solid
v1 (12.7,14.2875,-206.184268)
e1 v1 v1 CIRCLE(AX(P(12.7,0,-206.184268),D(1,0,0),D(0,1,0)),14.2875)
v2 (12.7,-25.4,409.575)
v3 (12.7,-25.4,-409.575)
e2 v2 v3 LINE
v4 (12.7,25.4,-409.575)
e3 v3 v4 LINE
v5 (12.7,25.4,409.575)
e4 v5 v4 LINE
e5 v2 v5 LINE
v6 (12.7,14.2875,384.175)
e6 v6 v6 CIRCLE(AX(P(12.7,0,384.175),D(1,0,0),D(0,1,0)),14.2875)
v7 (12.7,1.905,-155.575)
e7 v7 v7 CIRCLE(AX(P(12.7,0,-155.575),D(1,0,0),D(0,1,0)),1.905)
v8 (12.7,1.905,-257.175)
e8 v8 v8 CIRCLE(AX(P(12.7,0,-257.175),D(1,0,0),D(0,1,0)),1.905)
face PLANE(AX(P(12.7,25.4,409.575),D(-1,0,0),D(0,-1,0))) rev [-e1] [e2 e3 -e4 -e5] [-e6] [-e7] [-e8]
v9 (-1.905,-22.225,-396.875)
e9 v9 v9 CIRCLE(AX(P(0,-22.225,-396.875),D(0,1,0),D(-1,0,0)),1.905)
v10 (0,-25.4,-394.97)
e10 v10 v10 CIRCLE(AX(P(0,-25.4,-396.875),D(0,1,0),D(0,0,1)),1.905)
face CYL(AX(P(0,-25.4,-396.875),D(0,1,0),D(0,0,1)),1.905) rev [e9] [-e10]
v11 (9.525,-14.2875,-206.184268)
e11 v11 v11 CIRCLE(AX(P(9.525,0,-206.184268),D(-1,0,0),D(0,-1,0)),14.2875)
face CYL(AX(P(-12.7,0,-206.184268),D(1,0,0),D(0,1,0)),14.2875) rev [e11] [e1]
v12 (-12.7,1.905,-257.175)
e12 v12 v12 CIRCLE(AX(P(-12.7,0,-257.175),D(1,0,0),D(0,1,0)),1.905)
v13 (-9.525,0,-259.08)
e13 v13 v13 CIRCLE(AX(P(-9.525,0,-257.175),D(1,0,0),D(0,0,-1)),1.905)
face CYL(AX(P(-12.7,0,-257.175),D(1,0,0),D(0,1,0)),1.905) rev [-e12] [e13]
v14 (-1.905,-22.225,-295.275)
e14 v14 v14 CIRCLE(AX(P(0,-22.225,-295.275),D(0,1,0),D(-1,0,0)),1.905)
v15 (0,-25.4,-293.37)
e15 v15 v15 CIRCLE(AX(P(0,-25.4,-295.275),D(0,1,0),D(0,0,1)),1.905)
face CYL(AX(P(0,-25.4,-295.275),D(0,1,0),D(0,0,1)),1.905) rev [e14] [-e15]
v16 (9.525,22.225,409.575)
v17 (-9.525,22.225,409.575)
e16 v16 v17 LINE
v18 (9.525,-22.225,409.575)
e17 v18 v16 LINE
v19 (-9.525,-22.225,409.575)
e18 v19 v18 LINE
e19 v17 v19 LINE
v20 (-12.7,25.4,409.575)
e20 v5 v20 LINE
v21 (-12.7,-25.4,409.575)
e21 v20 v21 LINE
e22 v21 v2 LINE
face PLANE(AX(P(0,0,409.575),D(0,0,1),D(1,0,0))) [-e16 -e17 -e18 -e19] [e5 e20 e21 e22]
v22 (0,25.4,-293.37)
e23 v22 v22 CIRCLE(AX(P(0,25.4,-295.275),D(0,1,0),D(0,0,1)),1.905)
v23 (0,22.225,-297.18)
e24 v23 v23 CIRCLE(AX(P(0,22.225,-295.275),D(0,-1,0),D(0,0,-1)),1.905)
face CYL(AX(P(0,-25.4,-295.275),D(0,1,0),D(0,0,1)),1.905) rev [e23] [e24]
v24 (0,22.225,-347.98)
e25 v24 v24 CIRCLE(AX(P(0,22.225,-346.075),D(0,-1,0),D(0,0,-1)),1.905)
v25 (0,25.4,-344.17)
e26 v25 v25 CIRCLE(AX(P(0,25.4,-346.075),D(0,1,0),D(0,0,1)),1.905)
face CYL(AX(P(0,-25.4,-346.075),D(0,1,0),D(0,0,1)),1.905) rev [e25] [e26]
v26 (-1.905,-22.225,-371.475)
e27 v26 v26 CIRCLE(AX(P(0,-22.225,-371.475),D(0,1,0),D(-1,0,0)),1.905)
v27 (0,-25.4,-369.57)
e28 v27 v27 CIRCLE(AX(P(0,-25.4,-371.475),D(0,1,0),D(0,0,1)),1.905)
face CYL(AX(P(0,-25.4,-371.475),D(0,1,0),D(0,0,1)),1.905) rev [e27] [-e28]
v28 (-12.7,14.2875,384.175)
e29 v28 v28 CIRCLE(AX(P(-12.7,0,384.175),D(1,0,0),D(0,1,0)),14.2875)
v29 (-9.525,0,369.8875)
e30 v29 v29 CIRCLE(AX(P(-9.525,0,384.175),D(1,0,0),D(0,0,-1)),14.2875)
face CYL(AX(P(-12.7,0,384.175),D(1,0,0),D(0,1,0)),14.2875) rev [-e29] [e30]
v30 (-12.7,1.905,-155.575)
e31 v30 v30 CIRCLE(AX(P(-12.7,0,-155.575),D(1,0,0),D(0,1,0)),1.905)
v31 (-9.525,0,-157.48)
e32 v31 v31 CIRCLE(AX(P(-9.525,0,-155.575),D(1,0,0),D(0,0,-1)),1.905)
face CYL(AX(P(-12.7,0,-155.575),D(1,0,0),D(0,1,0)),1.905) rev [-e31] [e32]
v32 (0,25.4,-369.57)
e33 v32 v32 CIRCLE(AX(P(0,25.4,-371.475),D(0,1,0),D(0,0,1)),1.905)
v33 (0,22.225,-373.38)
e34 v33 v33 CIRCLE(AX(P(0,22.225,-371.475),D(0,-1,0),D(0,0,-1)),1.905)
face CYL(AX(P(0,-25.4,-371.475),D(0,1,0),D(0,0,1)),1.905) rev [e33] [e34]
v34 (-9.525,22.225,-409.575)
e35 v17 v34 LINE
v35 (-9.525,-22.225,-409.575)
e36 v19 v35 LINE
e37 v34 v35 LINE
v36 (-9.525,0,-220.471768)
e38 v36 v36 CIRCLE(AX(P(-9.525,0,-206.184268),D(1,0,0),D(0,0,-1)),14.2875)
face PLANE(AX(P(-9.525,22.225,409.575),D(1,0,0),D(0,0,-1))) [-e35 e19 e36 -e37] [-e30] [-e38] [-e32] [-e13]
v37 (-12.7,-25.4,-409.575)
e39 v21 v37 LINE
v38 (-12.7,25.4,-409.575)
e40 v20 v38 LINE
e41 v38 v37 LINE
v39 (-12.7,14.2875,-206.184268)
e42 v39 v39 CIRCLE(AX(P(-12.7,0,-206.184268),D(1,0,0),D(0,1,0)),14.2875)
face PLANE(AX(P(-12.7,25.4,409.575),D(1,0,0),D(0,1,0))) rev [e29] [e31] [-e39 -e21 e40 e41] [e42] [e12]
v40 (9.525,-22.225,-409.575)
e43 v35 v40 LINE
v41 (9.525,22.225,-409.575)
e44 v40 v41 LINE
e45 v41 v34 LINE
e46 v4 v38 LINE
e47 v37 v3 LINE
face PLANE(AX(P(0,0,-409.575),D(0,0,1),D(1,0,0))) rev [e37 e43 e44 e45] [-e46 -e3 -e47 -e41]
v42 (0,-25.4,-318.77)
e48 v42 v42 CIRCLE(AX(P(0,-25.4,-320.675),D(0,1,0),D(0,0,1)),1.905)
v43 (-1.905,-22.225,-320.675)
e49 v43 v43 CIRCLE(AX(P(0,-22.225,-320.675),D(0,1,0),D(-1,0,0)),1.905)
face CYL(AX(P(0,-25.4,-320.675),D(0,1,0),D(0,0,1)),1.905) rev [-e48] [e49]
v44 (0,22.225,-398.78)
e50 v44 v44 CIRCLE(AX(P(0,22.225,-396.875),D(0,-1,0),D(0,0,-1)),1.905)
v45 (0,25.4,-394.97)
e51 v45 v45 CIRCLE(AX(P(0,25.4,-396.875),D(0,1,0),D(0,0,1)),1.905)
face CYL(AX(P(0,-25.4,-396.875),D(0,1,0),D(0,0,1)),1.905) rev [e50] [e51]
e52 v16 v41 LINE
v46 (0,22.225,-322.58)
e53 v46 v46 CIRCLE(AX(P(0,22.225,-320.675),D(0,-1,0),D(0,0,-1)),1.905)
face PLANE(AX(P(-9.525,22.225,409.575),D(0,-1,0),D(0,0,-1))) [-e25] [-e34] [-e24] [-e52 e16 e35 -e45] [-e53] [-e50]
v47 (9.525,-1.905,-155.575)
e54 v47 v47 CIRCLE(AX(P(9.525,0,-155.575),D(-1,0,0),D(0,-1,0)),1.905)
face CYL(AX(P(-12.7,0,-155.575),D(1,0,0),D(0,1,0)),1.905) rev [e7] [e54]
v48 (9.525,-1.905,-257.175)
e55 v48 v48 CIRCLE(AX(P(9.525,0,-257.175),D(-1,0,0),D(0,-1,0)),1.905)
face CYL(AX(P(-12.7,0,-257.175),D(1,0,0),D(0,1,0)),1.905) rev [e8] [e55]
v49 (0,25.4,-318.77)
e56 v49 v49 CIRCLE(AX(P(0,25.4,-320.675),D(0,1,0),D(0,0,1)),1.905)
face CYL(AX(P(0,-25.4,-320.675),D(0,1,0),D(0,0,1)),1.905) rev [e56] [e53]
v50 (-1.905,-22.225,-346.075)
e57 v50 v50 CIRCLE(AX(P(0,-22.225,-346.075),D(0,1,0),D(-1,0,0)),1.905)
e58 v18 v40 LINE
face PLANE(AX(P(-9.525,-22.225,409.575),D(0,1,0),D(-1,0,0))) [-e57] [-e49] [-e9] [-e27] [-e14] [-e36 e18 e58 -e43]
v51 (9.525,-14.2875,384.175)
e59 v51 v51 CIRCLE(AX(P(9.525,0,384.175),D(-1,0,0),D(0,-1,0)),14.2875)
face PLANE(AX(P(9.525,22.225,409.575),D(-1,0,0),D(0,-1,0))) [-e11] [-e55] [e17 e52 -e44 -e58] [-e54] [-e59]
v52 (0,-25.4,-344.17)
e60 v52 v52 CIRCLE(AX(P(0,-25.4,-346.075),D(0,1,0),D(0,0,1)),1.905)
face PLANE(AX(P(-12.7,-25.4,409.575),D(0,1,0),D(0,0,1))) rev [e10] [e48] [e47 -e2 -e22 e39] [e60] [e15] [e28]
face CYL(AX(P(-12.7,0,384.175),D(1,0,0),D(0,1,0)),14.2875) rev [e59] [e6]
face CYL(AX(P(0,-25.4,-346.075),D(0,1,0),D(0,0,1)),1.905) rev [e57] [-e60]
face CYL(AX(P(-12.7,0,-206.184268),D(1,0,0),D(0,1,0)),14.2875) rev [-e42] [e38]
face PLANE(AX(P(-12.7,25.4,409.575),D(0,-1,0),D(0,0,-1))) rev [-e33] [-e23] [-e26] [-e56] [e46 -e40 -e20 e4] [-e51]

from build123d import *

# Parameters (mm, degrees)
SKETCH1_W           = 25.4
SKETCH1_H           = 50.8
SKETCH1_W_2         = 19.05
SKETCH1_H_2         = 44.45
BOSS_EXTRUDE1_DEPTH = 409.575
SKETCH7_R           = 1.905
CUT_EXTRUDE1_DEPTH  = 413.908719483
SKETCH8_R           = 1.905
SKETCH8_R_2         = 14.2875
CUT_EXTRUDE2_DEPTH  = 412.147176355


with BuildPart() as part:
    # Sketch1 → Boss-Extrude1 (new, symmetric)
    with BuildSketch(Plane.XY):
        Rectangle(SKETCH1_W, SKETCH1_H)
        Rectangle(SKETCH1_W_2, SKETCH1_H_2, mode=Mode.SUBTRACT)
    extrude(amount=BOSS_EXTRUDE1_DEPTH, both=True)

    # Sketch7 → Cut-Extrude1 (cut, through all)
    with BuildSketch(Plane(origin=(0, 25.4, 0), x_dir=(1, 0, 0), z_dir=(0, 1, 0))):
        with Locations(Location((0, 396.875, 0), (0, 0, 270))):
            Circle(SKETCH7_R)
        with Locations(Location((0, 371.475, 0), (0, 0, 270))):
            Circle(SKETCH7_R)
        with Locations(Location((0, 346.075, 0), (0, 0, 270))):
            Circle(SKETCH7_R)
        with Locations(Location((0, 320.675, 0), (0, 0, 270))):
            Circle(SKETCH7_R)
        with Locations(Location((0, 295.275, 0), (0, 0, 270))):
            Circle(SKETCH7_R)
    extrude(amount=-CUT_EXTRUDE1_DEPTH, mode=Mode.SUBTRACT)

    # Sketch8 → Cut-Extrude2 (cut, through all)
    with BuildSketch(Plane(origin=(12.7, 0, 0), x_dir=(0, 0, -1), z_dir=(1, 0, 0))):
        with Locations(Location((155.575, 0, 0), (0, 0, 90))):
            Circle(SKETCH8_R)
        with Locations(Location((257.175, 0, 0), (0, 0, 90))):
            Circle(SKETCH8_R)
        with Locations(Location((206.184267809, 0, 0), (0, 0, 90))):
            Circle(SKETCH8_R_2)
        with Locations(Location((-384.175, 0, 0), (0, 0, 90))):
            Circle(SKETCH8_R_2)
    extrude(amount=-CUT_EXTRUDE2_DEPTH, mode=Mode.SUBTRACT)


solid = part.part
